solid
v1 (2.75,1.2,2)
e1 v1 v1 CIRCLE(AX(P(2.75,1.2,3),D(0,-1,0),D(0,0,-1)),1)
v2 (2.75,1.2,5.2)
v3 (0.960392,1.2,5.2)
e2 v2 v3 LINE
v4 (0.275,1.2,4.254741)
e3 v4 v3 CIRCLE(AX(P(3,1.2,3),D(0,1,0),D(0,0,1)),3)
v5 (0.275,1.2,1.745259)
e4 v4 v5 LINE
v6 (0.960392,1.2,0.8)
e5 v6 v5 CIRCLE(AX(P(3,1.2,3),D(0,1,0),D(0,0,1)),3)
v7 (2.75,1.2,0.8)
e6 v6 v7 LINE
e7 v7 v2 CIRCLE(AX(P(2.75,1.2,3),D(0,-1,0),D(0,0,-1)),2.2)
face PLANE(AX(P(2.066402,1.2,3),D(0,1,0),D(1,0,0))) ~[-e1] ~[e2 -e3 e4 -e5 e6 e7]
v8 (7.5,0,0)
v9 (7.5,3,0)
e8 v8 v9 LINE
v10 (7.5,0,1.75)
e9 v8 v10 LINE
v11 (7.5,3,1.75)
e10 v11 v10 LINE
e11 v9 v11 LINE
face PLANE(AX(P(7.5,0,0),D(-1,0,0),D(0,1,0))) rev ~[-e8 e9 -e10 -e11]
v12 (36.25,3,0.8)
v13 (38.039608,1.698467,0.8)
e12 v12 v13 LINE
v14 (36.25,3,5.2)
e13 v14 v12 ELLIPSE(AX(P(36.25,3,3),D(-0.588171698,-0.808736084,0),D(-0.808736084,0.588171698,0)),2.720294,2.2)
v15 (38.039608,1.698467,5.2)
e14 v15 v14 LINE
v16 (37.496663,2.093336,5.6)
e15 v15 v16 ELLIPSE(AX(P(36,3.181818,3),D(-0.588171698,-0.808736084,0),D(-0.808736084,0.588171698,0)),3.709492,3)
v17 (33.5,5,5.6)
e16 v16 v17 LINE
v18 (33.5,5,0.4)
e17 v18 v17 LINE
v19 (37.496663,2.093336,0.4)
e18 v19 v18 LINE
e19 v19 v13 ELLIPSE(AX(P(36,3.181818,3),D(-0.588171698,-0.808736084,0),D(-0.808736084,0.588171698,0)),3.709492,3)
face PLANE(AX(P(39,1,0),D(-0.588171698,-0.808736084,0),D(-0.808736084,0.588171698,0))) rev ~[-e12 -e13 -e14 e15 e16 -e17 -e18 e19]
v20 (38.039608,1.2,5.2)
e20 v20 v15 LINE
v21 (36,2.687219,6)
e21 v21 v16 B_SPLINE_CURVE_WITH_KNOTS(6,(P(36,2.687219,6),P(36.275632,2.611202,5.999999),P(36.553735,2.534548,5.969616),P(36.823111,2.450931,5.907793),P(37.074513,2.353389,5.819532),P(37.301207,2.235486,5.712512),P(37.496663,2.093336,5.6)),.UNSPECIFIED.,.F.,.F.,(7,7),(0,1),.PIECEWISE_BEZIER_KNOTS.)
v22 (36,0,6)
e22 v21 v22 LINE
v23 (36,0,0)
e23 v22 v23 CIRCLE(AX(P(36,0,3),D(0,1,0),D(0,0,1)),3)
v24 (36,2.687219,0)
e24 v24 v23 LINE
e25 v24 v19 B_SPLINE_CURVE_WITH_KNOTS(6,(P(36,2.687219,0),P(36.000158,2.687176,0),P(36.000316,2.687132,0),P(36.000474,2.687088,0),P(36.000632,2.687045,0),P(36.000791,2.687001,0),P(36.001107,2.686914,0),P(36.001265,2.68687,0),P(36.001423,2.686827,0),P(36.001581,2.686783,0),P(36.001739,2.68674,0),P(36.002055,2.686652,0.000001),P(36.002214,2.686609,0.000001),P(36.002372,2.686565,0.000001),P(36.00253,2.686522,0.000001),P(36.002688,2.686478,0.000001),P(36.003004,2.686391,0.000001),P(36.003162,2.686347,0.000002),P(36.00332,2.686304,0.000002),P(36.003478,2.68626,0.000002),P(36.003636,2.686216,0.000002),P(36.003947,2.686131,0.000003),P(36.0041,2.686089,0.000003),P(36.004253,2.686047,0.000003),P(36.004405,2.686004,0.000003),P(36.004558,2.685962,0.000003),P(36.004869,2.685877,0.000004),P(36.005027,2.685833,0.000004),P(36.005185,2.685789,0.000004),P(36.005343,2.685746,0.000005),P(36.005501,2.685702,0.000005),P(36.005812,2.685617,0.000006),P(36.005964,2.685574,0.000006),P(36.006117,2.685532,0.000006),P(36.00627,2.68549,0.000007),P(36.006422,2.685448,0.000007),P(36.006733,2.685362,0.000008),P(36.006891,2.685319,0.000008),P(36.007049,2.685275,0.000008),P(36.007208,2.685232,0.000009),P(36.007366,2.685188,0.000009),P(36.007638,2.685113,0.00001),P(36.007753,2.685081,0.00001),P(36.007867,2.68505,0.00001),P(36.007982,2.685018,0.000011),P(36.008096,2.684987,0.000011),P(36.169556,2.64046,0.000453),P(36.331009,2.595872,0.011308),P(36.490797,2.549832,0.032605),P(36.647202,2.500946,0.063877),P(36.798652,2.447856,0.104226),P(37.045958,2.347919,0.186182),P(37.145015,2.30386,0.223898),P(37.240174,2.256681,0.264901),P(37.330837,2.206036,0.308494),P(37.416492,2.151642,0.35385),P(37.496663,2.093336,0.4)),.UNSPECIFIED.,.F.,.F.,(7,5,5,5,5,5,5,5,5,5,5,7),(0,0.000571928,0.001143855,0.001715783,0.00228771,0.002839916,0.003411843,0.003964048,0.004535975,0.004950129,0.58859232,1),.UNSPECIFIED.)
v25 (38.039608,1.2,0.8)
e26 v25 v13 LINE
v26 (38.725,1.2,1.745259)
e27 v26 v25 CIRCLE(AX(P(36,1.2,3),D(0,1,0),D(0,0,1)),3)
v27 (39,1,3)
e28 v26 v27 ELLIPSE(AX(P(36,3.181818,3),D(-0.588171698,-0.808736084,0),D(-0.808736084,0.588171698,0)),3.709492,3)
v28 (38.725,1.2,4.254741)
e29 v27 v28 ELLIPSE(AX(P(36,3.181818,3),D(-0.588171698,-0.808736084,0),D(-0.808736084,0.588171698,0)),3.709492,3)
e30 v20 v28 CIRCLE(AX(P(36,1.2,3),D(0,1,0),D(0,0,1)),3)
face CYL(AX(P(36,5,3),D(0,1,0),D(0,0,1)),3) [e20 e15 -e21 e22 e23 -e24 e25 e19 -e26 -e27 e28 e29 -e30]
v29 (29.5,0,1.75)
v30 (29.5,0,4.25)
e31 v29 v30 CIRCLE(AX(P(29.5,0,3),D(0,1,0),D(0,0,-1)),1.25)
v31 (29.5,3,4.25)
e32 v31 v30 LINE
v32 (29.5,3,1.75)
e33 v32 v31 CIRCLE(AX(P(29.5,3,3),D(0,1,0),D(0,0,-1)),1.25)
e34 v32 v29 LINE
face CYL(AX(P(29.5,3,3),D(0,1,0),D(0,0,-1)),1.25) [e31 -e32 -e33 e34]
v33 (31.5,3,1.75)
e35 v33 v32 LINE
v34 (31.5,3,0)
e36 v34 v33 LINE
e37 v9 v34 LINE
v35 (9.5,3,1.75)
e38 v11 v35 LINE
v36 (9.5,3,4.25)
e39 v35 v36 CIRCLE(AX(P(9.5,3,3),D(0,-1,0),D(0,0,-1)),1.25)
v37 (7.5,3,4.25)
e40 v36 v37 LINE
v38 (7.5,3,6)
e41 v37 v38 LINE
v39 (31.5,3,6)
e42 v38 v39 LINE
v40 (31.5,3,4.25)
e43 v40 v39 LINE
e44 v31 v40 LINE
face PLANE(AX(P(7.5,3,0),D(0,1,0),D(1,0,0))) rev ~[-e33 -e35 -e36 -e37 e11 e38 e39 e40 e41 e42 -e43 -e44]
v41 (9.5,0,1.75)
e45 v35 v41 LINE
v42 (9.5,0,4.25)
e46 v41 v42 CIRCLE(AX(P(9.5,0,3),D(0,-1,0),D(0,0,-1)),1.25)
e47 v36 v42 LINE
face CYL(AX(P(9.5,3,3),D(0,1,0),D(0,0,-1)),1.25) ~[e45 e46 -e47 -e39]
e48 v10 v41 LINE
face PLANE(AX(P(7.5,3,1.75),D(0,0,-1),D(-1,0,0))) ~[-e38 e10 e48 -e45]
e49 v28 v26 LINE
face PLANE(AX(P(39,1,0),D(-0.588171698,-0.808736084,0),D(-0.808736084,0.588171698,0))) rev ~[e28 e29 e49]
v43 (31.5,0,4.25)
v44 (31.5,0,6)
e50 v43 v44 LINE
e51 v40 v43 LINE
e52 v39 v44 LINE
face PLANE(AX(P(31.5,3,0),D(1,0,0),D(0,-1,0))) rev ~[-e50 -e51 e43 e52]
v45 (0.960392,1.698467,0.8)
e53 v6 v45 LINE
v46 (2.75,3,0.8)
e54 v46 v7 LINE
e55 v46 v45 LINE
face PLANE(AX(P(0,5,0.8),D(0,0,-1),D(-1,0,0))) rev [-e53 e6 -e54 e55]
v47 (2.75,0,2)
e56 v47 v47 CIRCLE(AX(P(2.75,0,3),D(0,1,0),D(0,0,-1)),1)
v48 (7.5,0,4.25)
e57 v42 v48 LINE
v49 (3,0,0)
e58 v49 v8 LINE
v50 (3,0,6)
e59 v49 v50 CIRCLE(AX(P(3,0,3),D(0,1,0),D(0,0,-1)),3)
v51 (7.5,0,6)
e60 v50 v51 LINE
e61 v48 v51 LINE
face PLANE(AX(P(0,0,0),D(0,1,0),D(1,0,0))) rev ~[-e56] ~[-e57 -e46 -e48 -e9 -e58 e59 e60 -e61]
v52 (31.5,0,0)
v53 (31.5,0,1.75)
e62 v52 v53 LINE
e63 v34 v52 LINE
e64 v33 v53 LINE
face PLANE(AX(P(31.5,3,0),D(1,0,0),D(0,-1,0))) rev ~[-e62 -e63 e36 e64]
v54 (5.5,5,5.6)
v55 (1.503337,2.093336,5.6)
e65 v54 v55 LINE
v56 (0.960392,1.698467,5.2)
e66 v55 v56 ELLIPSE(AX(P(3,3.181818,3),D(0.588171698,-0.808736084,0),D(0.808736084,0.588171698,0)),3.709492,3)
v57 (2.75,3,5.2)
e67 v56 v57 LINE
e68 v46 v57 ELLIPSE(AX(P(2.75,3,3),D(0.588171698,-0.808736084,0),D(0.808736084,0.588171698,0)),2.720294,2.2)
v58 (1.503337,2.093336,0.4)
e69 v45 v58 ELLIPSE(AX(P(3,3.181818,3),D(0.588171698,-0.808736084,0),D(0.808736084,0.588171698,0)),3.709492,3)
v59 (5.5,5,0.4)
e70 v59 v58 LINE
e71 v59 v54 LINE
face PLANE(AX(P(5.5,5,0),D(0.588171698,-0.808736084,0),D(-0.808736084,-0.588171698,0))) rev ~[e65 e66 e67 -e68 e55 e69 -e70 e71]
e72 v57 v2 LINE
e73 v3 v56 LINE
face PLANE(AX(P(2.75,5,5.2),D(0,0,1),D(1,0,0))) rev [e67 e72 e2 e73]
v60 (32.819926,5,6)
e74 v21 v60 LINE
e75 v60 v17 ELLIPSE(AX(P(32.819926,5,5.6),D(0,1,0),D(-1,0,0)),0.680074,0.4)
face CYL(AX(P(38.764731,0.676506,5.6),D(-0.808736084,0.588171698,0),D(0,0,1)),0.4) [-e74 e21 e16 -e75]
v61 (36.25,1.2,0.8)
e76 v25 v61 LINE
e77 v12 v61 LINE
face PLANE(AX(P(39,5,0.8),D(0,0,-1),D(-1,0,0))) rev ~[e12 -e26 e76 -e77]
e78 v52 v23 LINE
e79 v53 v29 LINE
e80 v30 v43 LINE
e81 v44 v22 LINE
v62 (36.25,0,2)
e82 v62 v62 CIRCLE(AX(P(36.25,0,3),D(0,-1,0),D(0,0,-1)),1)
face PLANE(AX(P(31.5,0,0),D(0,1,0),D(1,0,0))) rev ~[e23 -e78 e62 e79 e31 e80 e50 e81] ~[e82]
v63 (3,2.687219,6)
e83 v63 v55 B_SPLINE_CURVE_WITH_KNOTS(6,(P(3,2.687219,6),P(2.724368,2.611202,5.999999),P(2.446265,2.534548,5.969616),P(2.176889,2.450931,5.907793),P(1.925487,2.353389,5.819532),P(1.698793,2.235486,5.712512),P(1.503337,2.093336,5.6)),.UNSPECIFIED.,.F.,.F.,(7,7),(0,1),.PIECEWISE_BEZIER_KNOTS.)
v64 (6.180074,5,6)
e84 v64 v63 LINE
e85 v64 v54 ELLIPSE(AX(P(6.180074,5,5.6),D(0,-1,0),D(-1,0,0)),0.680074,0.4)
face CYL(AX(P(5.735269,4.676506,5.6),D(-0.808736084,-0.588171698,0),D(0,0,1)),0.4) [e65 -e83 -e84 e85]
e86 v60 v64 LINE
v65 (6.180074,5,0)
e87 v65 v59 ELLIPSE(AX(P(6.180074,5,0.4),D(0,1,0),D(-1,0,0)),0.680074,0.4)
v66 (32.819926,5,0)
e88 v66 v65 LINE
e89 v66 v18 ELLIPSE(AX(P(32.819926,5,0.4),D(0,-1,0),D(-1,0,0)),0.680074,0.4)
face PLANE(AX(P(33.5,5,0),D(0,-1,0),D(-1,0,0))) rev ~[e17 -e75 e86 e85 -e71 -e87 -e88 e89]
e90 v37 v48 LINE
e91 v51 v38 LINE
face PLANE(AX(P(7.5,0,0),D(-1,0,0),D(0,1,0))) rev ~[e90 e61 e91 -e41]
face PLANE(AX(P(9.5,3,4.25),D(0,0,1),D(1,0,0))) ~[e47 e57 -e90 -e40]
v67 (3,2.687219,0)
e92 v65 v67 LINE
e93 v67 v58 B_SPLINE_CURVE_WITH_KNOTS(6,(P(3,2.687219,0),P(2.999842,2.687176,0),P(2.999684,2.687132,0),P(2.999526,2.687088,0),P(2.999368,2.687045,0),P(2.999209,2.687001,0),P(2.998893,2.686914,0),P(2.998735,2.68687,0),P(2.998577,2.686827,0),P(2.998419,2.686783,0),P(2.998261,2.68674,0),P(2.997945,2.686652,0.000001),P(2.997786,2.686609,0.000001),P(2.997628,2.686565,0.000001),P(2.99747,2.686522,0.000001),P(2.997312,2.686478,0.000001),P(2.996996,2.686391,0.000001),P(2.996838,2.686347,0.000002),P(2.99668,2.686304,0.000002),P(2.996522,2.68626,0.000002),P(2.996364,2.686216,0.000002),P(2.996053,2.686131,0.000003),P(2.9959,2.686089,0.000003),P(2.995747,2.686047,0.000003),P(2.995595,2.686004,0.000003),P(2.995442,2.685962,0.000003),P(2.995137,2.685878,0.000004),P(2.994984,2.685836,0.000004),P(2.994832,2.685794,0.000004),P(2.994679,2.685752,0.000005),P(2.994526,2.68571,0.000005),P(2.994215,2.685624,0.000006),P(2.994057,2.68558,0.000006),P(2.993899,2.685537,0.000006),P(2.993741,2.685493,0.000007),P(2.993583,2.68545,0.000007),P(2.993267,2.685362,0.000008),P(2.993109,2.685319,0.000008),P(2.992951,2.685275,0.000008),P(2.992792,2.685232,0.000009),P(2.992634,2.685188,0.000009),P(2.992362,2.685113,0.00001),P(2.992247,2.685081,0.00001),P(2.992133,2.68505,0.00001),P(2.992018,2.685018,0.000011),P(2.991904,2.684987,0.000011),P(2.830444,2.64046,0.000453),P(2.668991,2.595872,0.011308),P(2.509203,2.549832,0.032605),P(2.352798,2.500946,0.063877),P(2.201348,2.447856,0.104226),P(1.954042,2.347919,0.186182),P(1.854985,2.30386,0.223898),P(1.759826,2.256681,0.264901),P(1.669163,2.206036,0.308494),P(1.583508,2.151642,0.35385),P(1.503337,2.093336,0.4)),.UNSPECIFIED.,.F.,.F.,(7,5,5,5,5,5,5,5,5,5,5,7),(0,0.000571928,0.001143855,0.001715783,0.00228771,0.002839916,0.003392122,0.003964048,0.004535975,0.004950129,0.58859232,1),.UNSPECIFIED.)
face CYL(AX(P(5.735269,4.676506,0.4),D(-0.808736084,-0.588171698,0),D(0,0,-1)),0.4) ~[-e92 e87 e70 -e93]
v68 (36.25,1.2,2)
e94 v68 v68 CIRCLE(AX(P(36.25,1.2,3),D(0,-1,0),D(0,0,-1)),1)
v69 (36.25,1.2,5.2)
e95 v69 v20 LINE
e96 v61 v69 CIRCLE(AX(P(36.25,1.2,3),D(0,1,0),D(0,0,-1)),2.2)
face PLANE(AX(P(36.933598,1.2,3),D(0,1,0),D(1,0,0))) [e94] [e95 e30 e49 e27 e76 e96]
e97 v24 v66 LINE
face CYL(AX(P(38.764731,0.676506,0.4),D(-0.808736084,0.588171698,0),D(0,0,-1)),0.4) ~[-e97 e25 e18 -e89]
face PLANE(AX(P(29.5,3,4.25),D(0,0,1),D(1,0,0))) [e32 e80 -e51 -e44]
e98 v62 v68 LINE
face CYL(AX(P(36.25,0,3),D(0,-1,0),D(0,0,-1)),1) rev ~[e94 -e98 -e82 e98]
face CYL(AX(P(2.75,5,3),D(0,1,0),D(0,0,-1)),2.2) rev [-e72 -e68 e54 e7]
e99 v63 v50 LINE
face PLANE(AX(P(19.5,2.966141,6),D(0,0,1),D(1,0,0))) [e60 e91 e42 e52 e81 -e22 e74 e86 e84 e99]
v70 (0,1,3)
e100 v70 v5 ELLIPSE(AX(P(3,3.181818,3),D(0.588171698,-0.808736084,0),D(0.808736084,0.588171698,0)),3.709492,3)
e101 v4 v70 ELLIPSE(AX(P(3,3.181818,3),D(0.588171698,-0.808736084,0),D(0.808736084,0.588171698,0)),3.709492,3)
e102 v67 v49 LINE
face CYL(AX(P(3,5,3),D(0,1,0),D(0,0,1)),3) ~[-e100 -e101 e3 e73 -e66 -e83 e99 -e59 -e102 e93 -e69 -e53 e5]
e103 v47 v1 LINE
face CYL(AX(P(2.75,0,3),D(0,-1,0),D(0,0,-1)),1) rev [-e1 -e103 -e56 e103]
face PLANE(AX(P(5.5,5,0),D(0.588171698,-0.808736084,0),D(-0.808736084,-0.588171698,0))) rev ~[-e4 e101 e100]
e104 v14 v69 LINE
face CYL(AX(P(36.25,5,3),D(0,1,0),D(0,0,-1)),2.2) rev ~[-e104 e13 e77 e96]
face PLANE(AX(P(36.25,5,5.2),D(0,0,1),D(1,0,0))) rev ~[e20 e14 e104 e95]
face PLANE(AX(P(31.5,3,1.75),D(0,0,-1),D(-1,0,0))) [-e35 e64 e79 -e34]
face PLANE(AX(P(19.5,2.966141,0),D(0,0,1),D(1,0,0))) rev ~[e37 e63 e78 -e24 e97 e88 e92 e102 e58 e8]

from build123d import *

# Parameters (mm, degrees)
AUFSATZ_LINEAR_AUSTRAGEN1_DEPTH = 6
SKIZZE4_R                       = 1
SCHNITT_LINEAR_AUSTRAGEN1_DEPTH = 3
SCHNITT_LINEAR_AUSTRAGEN2_DEPTH = 3.8
VERRUNDUNG1_R                   = 0.4
SCHNITT_LINEAR_AUSTRAGEN6_DEPTH = 6
AUFSATZ_LINEAR_AUSTRAGEN2_DEPTH = 3


with BuildPart() as part:
    # Skizze1 → Aufsatz-Linear austragen1 (new body)
    with BuildSketch(Plane.XY):
        Polygon((0, 0), (7.5, 0), (7.5, 3), (31.5, 3), (31.5, 0), (39, 0), (39, 1), (33.5, 5), (5.5, 5), (0, 1), align=None)
    extrude(amount=AUFSATZ_LINEAR_AUSTRAGEN1_DEPTH)

    # Skizze4 → Schnitt-Linear austragen1 (cut)
    with BuildSketch(Plane.XZ):
        with Locations(Location((36.25, 3, 0), (0, 0, 270))):
            Circle(SKIZZE4_R)
    schnitt_linear_austragen1 = extrude(amount=-SCHNITT_LINEAR_AUSTRAGEN1_DEPTH, mode=Mode.SUBTRACT)

    # Skizze5 → Schnitt-Linear austragen2 (cut)
    with BuildSketch(Plane(origin=(0, 5, 0), x_dir=(-1, 0, 0), z_dir=(0, -1, 0))):
        with BuildLine():
            Line((-36.25, -5.2), (-39, -5.2))
            Line((-39, -5.2), (-39, -0.8))
            Line((-39, -0.8), (-36.25, -0.8))
            ThreePointArc((-36.25, -0.8), (-34.05, -3), (-36.25, -5.2))
        make_face()
    schnitt_linear_austragen2 = extrude(amount=SCHNITT_LINEAR_AUSTRAGEN2_DEPTH, mode=Mode.SUBTRACT)

    # Spiegeln1: Schnitt-Linear austragen1, Schnitt-Linear austragen2 across plane
    add(schnitt_linear_austragen1.mirror(Plane.ZY.offset(-19.5)), mode=Mode.SUBTRACT)
    add(schnitt_linear_austragen2.mirror(Plane.ZY.offset(-19.5)), mode=Mode.SUBTRACT)

    # Verrundung1
    verrundung1_edges = [part.edges().sort_by_distance(p)[0] for p in [
        (36.25, 3, 0),
        (36.25, 3, 6),
        (2.75, 3, 6),
        (2.75, 3, 0),
    ]]
    fillet(verrundung1_edges, radius=VERRUNDUNG1_R)

    # Skizze10 → Schnitt-Linear austragen6 (cut)
    with BuildSketch(Plane(origin=(0, 5, 0), x_dir=(-1, 0, 0), z_dir=(0, -1, 0))):
        with BuildLine():
            Line((-36, 0), (-39, 0))
            Line((-39, 0), (-39.338530881, 0))
            Line((-39.338530881, 0), (-39.338530881, -6))
            Line((-39.338530881, -6), (-36, -6))
            ThreePointArc((-36, -6), (-39, -3), (-36, 0))
        make_face()
    schnitt_linear_austragen6 = extrude(amount=SCHNITT_LINEAR_AUSTRAGEN6_DEPTH, mode=Mode.SUBTRACT)

    # Spiegeln2: Schnitt-Linear austragen6 across plane
    add(schnitt_linear_austragen6.mirror(Plane.ZY.offset(-19.5)), mode=Mode.SUBTRACT)

    # Skizze12 → Aufsatz-Linear austragen2 (add)
    with BuildSketch(Plane.XZ.offset(-3)):
        with BuildLine():
            Line((31.5, 1.75), (29.5, 1.75))
            ThreePointArc((29.5, 1.75), (28.25, 3), (29.5, 4.25))
            Line((29.5, 4.25), (31.5, 4.25))
            Line((31.5, 4.25), (31.5, 1.75))
        make_face()
    aufsatz_linear_austragen2 = extrude(amount=AUFSATZ_LINEAR_AUSTRAGEN2_DEPTH)

    # Spiegeln3: Aufsatz-Linear austragen2 across plane
    add(aufsatz_linear_austragen2.mirror(Plane.ZY.offset(-19.5)))


solid = part.part
